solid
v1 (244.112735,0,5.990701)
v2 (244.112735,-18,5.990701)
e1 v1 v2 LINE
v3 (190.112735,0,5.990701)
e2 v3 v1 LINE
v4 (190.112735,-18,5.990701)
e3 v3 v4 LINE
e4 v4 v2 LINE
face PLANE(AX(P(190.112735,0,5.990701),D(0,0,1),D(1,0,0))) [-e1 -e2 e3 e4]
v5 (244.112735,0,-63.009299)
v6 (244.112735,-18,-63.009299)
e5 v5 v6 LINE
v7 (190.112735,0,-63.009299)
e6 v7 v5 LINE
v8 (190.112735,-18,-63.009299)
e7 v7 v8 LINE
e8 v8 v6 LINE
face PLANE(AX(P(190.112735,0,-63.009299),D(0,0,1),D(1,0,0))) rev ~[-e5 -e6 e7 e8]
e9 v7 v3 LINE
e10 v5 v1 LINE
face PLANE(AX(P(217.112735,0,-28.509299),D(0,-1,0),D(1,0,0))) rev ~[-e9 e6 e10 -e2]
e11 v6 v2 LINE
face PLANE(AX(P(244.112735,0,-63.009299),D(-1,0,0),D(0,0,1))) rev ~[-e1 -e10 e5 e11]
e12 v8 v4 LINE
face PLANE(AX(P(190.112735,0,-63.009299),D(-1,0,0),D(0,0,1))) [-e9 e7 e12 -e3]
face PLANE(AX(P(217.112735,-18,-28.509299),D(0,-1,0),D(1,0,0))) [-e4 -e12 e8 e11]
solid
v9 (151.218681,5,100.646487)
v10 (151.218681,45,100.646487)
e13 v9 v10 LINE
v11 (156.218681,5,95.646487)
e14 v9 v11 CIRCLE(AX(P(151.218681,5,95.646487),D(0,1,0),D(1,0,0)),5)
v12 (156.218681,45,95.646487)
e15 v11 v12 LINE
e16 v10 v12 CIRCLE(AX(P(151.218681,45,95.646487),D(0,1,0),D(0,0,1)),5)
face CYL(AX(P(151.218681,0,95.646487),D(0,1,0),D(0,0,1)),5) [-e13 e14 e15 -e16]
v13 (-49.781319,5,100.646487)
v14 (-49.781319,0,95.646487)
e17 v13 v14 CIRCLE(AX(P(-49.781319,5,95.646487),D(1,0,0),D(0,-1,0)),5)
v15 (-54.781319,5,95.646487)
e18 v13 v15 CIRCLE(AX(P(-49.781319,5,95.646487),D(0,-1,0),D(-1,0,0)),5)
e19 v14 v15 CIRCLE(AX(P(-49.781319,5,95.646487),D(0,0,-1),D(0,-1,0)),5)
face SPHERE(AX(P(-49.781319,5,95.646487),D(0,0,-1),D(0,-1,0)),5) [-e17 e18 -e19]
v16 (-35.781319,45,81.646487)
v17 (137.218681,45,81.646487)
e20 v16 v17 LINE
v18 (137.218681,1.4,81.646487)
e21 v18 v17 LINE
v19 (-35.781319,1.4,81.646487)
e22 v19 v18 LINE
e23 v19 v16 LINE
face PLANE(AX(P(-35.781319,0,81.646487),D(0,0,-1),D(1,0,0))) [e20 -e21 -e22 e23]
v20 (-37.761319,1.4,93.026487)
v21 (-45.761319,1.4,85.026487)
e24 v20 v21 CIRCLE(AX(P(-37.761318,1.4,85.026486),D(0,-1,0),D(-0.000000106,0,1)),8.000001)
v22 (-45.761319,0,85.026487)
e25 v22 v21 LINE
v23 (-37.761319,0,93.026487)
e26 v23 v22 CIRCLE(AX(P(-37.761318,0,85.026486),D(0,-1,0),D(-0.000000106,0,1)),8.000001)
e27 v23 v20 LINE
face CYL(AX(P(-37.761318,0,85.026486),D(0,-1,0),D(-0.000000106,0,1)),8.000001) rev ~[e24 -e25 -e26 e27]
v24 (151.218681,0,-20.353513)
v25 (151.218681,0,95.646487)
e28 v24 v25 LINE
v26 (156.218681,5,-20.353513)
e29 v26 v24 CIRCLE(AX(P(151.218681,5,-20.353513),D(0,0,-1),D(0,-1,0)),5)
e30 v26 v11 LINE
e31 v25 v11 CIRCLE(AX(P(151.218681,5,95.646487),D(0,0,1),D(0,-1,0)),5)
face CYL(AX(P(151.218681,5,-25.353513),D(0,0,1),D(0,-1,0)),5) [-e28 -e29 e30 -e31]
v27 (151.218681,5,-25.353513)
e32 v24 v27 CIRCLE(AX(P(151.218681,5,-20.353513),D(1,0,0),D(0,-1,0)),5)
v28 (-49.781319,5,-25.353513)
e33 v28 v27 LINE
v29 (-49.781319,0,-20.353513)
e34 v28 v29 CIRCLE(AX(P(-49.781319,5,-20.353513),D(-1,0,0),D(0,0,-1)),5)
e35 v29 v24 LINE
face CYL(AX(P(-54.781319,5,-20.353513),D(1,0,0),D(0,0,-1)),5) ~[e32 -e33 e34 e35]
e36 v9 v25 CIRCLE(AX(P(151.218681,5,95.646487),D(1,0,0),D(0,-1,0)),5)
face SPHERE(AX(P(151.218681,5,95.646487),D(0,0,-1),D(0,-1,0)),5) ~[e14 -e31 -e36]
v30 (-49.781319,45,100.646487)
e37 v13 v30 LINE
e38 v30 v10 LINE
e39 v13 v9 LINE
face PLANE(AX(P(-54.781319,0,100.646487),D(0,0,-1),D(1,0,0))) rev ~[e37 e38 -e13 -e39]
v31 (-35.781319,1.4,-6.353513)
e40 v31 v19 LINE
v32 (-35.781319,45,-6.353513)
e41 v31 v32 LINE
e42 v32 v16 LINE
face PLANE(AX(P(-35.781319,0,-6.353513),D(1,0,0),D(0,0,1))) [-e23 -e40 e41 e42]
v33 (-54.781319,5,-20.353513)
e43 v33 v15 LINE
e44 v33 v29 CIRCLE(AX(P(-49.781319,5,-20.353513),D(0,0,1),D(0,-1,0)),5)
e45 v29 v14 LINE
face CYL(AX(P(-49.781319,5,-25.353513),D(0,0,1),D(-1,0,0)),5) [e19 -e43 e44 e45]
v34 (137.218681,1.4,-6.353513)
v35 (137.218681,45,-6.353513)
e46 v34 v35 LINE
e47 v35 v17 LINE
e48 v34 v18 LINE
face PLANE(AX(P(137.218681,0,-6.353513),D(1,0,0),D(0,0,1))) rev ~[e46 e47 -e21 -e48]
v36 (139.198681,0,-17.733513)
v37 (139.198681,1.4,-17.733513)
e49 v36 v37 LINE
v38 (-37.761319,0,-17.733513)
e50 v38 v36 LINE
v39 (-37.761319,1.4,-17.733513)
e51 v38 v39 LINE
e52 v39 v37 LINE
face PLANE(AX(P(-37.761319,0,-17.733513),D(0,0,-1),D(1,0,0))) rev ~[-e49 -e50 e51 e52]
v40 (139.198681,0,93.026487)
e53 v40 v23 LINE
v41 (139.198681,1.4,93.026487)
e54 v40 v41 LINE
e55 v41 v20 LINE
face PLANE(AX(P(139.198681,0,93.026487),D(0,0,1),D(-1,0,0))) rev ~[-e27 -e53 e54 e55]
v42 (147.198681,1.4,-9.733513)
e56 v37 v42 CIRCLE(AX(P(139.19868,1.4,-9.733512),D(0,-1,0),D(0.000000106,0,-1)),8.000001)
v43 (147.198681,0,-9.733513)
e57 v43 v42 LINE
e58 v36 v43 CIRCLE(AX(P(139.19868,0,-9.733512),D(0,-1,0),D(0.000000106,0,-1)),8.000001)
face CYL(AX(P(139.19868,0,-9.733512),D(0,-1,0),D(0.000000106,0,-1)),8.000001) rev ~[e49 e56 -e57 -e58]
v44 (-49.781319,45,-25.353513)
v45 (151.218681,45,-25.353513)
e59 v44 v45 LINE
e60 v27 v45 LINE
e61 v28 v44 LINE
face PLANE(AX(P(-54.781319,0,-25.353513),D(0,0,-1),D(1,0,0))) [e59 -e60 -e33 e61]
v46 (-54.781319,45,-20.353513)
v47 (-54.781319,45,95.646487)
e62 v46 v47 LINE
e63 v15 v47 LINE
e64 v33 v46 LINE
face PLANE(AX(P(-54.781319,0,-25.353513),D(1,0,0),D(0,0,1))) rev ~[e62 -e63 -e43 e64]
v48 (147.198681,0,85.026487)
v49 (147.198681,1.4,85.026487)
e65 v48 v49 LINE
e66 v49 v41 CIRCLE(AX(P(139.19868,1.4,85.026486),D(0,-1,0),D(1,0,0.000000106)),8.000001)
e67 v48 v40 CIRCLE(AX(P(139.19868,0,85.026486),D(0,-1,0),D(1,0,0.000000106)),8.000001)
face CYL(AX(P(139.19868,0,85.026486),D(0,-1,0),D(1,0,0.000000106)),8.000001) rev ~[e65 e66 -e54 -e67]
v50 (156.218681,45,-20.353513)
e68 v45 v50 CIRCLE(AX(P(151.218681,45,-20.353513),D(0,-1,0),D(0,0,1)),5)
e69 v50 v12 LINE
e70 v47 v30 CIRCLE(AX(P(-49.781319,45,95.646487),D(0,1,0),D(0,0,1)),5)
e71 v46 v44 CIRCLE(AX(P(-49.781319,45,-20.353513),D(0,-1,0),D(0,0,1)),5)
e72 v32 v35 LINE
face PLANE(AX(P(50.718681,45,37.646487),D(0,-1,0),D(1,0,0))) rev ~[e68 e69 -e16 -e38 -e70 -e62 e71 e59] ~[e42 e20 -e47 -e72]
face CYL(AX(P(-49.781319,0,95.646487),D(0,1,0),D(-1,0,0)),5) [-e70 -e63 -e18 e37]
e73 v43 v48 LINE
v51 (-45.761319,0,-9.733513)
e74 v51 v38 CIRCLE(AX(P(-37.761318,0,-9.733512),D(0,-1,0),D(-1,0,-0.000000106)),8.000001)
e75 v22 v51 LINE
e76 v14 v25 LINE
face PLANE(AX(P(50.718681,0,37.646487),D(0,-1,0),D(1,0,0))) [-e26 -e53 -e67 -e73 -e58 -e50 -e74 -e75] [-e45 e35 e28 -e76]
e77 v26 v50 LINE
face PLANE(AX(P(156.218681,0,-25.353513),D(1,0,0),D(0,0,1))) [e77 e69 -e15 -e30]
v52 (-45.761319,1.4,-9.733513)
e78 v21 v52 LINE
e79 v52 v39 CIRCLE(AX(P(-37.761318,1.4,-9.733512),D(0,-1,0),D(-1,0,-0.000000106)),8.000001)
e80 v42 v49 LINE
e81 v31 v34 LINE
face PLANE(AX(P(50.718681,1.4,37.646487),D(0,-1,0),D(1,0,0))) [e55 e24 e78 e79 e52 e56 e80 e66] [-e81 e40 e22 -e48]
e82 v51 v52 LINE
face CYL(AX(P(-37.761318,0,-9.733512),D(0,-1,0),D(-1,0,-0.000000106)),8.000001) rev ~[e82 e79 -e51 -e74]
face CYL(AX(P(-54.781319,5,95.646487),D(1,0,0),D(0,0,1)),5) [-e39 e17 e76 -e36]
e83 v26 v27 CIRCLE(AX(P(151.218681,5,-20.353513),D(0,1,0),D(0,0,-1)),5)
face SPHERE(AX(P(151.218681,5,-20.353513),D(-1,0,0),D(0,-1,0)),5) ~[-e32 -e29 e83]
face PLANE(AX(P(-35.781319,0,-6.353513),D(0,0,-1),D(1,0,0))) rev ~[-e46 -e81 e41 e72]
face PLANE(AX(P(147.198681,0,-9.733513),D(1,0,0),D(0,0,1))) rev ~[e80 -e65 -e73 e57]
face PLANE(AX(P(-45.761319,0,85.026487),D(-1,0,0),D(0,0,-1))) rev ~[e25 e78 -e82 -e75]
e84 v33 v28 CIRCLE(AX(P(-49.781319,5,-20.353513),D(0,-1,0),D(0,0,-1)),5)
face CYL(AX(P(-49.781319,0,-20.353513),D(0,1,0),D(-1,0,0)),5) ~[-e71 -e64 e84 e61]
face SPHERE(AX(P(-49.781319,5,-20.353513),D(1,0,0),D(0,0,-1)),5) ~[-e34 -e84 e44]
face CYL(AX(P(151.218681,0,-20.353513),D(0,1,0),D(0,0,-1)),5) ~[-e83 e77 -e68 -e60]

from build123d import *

# Parameters (mm, degrees)
F0_W     = 211
F0_H     = 126
F0_W_2   = 173
F0_H_2   = 88
F1_DEPTH = 45
F2_DEPTH = 1.4
F3_R     = 5
F4_W     = 54
F4_H     = 69
F5_DEPTH = 18


with BuildPart() as f1:
    # F0 (on Front) → F1 (new body)
    with BuildSketch(Plane.XZ):
        with Locations((50.718681, 37.646487)):
            Rectangle(F0_W, F0_H)
        with BuildLine():
            ThreePointArc((-45.761319, 85.026487), (-43.418173, 90.683341), (-37.761319, 93.026487))
            Line((-37.761319, 93.026487), (139.198681, 93.026487))
            ThreePointArc((139.198681, 93.026487), (144.855535, 90.683341), (147.198681, 85.026487))
            Line((147.198681, 85.026487), (147.198681, -9.733513))
            ThreePointArc((147.198681, -9.733513), (144.855535, -15.390367), (139.198681, -17.733513))
            Line((139.198681, -17.733513), (-37.761319, -17.733513))
            ThreePointArc((-37.761319, -17.733513), (-43.418173, -15.390367), (-45.761319, -9.733513))
            Line((-45.761319, -9.733513), (-45.761319, 85.026487))
        make_face(mode=Mode.SUBTRACT)
        with BuildLine():
            Line((139.198681, 93.026487), (-37.761319, 93.026487))
            ThreePointArc((-37.761319, 93.026487), (-43.418173, 90.683341), (-45.761319, 85.026487))
            Line((-45.761319, 85.026487), (-45.761319, -9.733513))
            ThreePointArc((-45.761319, -9.733513), (-43.418173, -15.390367), (-37.761319, -17.733513))
            Line((-37.761319, -17.733513), (139.198681, -17.733513))
            ThreePointArc((139.198681, -17.733513), (144.855535, -15.390367), (147.198681, -9.733513))
            Line((147.198681, -9.733513), (147.198681, 85.026487))
            ThreePointArc((147.198681, 85.026487), (144.855535, 90.683341), (139.198681, 93.026487))
        make_face()
        with Locations((50.718681, 37.646487)):
            Rectangle(F0_W_2, F0_H_2, mode=Mode.SUBTRACT)
    extrude(amount=-F1_DEPTH)

    # F0 (on Front) → F2 (cut)
    with BuildSketch(Plane.XZ):
        with BuildLine():
            Line((139.198681, 93.026487), (-37.761319, 93.026487))
            ThreePointArc((-37.761319, 93.026487), (-43.418173, 90.683341), (-45.761319, 85.026487))
            Line((-45.761319, 85.026487), (-45.761319, -9.733513))
            ThreePointArc((-45.761319, -9.733513), (-43.418173, -15.390367), (-37.761319, -17.733513))
            Line((-37.761319, -17.733513), (139.198681, -17.733513))
            ThreePointArc((139.198681, -17.733513), (144.855535, -15.390367), (147.198681, -9.733513))
            Line((147.198681, -9.733513), (147.198681, 85.026487))
            ThreePointArc((147.198681, 85.026487), (144.855535, 90.683341), (139.198681, 93.026487))
        make_face()
        with Locations((50.718681, 37.646487)):
            Rectangle(F0_W_2, F0_H_2, mode=Mode.SUBTRACT)
    extrude(amount=-F2_DEPTH, mode=Mode.SUBTRACT)

    # F3
    f3_edges = [f1.edges().sort_by_distance(p)[0] for p in [
        (50.718681, 0, -25.353513),
        (156.218681, 0, 37.646487),
        (156.218681, 22.5, -25.353513),
        (-54.781319, 22.5, -25.353513),
        (-54.781319, 0, 37.646487),
        (50.718681, 0, 100.646487),
        (156.218681, 22.5, 100.646487),
        (-54.781319, 22.5, 100.646487),
    ]]
    fillet(f3_edges, radius=F3_R)


with BuildPart() as f5:
    # F4 (on Front) → F5 (new body)
    with BuildSketch(Plane.XZ):
        with Locations((217.112735, -28.509299)):
            Rectangle(F4_W, F4_H)
    extrude(amount=F5_DEPTH)


solid = Compound([f1.part, f5.part])
